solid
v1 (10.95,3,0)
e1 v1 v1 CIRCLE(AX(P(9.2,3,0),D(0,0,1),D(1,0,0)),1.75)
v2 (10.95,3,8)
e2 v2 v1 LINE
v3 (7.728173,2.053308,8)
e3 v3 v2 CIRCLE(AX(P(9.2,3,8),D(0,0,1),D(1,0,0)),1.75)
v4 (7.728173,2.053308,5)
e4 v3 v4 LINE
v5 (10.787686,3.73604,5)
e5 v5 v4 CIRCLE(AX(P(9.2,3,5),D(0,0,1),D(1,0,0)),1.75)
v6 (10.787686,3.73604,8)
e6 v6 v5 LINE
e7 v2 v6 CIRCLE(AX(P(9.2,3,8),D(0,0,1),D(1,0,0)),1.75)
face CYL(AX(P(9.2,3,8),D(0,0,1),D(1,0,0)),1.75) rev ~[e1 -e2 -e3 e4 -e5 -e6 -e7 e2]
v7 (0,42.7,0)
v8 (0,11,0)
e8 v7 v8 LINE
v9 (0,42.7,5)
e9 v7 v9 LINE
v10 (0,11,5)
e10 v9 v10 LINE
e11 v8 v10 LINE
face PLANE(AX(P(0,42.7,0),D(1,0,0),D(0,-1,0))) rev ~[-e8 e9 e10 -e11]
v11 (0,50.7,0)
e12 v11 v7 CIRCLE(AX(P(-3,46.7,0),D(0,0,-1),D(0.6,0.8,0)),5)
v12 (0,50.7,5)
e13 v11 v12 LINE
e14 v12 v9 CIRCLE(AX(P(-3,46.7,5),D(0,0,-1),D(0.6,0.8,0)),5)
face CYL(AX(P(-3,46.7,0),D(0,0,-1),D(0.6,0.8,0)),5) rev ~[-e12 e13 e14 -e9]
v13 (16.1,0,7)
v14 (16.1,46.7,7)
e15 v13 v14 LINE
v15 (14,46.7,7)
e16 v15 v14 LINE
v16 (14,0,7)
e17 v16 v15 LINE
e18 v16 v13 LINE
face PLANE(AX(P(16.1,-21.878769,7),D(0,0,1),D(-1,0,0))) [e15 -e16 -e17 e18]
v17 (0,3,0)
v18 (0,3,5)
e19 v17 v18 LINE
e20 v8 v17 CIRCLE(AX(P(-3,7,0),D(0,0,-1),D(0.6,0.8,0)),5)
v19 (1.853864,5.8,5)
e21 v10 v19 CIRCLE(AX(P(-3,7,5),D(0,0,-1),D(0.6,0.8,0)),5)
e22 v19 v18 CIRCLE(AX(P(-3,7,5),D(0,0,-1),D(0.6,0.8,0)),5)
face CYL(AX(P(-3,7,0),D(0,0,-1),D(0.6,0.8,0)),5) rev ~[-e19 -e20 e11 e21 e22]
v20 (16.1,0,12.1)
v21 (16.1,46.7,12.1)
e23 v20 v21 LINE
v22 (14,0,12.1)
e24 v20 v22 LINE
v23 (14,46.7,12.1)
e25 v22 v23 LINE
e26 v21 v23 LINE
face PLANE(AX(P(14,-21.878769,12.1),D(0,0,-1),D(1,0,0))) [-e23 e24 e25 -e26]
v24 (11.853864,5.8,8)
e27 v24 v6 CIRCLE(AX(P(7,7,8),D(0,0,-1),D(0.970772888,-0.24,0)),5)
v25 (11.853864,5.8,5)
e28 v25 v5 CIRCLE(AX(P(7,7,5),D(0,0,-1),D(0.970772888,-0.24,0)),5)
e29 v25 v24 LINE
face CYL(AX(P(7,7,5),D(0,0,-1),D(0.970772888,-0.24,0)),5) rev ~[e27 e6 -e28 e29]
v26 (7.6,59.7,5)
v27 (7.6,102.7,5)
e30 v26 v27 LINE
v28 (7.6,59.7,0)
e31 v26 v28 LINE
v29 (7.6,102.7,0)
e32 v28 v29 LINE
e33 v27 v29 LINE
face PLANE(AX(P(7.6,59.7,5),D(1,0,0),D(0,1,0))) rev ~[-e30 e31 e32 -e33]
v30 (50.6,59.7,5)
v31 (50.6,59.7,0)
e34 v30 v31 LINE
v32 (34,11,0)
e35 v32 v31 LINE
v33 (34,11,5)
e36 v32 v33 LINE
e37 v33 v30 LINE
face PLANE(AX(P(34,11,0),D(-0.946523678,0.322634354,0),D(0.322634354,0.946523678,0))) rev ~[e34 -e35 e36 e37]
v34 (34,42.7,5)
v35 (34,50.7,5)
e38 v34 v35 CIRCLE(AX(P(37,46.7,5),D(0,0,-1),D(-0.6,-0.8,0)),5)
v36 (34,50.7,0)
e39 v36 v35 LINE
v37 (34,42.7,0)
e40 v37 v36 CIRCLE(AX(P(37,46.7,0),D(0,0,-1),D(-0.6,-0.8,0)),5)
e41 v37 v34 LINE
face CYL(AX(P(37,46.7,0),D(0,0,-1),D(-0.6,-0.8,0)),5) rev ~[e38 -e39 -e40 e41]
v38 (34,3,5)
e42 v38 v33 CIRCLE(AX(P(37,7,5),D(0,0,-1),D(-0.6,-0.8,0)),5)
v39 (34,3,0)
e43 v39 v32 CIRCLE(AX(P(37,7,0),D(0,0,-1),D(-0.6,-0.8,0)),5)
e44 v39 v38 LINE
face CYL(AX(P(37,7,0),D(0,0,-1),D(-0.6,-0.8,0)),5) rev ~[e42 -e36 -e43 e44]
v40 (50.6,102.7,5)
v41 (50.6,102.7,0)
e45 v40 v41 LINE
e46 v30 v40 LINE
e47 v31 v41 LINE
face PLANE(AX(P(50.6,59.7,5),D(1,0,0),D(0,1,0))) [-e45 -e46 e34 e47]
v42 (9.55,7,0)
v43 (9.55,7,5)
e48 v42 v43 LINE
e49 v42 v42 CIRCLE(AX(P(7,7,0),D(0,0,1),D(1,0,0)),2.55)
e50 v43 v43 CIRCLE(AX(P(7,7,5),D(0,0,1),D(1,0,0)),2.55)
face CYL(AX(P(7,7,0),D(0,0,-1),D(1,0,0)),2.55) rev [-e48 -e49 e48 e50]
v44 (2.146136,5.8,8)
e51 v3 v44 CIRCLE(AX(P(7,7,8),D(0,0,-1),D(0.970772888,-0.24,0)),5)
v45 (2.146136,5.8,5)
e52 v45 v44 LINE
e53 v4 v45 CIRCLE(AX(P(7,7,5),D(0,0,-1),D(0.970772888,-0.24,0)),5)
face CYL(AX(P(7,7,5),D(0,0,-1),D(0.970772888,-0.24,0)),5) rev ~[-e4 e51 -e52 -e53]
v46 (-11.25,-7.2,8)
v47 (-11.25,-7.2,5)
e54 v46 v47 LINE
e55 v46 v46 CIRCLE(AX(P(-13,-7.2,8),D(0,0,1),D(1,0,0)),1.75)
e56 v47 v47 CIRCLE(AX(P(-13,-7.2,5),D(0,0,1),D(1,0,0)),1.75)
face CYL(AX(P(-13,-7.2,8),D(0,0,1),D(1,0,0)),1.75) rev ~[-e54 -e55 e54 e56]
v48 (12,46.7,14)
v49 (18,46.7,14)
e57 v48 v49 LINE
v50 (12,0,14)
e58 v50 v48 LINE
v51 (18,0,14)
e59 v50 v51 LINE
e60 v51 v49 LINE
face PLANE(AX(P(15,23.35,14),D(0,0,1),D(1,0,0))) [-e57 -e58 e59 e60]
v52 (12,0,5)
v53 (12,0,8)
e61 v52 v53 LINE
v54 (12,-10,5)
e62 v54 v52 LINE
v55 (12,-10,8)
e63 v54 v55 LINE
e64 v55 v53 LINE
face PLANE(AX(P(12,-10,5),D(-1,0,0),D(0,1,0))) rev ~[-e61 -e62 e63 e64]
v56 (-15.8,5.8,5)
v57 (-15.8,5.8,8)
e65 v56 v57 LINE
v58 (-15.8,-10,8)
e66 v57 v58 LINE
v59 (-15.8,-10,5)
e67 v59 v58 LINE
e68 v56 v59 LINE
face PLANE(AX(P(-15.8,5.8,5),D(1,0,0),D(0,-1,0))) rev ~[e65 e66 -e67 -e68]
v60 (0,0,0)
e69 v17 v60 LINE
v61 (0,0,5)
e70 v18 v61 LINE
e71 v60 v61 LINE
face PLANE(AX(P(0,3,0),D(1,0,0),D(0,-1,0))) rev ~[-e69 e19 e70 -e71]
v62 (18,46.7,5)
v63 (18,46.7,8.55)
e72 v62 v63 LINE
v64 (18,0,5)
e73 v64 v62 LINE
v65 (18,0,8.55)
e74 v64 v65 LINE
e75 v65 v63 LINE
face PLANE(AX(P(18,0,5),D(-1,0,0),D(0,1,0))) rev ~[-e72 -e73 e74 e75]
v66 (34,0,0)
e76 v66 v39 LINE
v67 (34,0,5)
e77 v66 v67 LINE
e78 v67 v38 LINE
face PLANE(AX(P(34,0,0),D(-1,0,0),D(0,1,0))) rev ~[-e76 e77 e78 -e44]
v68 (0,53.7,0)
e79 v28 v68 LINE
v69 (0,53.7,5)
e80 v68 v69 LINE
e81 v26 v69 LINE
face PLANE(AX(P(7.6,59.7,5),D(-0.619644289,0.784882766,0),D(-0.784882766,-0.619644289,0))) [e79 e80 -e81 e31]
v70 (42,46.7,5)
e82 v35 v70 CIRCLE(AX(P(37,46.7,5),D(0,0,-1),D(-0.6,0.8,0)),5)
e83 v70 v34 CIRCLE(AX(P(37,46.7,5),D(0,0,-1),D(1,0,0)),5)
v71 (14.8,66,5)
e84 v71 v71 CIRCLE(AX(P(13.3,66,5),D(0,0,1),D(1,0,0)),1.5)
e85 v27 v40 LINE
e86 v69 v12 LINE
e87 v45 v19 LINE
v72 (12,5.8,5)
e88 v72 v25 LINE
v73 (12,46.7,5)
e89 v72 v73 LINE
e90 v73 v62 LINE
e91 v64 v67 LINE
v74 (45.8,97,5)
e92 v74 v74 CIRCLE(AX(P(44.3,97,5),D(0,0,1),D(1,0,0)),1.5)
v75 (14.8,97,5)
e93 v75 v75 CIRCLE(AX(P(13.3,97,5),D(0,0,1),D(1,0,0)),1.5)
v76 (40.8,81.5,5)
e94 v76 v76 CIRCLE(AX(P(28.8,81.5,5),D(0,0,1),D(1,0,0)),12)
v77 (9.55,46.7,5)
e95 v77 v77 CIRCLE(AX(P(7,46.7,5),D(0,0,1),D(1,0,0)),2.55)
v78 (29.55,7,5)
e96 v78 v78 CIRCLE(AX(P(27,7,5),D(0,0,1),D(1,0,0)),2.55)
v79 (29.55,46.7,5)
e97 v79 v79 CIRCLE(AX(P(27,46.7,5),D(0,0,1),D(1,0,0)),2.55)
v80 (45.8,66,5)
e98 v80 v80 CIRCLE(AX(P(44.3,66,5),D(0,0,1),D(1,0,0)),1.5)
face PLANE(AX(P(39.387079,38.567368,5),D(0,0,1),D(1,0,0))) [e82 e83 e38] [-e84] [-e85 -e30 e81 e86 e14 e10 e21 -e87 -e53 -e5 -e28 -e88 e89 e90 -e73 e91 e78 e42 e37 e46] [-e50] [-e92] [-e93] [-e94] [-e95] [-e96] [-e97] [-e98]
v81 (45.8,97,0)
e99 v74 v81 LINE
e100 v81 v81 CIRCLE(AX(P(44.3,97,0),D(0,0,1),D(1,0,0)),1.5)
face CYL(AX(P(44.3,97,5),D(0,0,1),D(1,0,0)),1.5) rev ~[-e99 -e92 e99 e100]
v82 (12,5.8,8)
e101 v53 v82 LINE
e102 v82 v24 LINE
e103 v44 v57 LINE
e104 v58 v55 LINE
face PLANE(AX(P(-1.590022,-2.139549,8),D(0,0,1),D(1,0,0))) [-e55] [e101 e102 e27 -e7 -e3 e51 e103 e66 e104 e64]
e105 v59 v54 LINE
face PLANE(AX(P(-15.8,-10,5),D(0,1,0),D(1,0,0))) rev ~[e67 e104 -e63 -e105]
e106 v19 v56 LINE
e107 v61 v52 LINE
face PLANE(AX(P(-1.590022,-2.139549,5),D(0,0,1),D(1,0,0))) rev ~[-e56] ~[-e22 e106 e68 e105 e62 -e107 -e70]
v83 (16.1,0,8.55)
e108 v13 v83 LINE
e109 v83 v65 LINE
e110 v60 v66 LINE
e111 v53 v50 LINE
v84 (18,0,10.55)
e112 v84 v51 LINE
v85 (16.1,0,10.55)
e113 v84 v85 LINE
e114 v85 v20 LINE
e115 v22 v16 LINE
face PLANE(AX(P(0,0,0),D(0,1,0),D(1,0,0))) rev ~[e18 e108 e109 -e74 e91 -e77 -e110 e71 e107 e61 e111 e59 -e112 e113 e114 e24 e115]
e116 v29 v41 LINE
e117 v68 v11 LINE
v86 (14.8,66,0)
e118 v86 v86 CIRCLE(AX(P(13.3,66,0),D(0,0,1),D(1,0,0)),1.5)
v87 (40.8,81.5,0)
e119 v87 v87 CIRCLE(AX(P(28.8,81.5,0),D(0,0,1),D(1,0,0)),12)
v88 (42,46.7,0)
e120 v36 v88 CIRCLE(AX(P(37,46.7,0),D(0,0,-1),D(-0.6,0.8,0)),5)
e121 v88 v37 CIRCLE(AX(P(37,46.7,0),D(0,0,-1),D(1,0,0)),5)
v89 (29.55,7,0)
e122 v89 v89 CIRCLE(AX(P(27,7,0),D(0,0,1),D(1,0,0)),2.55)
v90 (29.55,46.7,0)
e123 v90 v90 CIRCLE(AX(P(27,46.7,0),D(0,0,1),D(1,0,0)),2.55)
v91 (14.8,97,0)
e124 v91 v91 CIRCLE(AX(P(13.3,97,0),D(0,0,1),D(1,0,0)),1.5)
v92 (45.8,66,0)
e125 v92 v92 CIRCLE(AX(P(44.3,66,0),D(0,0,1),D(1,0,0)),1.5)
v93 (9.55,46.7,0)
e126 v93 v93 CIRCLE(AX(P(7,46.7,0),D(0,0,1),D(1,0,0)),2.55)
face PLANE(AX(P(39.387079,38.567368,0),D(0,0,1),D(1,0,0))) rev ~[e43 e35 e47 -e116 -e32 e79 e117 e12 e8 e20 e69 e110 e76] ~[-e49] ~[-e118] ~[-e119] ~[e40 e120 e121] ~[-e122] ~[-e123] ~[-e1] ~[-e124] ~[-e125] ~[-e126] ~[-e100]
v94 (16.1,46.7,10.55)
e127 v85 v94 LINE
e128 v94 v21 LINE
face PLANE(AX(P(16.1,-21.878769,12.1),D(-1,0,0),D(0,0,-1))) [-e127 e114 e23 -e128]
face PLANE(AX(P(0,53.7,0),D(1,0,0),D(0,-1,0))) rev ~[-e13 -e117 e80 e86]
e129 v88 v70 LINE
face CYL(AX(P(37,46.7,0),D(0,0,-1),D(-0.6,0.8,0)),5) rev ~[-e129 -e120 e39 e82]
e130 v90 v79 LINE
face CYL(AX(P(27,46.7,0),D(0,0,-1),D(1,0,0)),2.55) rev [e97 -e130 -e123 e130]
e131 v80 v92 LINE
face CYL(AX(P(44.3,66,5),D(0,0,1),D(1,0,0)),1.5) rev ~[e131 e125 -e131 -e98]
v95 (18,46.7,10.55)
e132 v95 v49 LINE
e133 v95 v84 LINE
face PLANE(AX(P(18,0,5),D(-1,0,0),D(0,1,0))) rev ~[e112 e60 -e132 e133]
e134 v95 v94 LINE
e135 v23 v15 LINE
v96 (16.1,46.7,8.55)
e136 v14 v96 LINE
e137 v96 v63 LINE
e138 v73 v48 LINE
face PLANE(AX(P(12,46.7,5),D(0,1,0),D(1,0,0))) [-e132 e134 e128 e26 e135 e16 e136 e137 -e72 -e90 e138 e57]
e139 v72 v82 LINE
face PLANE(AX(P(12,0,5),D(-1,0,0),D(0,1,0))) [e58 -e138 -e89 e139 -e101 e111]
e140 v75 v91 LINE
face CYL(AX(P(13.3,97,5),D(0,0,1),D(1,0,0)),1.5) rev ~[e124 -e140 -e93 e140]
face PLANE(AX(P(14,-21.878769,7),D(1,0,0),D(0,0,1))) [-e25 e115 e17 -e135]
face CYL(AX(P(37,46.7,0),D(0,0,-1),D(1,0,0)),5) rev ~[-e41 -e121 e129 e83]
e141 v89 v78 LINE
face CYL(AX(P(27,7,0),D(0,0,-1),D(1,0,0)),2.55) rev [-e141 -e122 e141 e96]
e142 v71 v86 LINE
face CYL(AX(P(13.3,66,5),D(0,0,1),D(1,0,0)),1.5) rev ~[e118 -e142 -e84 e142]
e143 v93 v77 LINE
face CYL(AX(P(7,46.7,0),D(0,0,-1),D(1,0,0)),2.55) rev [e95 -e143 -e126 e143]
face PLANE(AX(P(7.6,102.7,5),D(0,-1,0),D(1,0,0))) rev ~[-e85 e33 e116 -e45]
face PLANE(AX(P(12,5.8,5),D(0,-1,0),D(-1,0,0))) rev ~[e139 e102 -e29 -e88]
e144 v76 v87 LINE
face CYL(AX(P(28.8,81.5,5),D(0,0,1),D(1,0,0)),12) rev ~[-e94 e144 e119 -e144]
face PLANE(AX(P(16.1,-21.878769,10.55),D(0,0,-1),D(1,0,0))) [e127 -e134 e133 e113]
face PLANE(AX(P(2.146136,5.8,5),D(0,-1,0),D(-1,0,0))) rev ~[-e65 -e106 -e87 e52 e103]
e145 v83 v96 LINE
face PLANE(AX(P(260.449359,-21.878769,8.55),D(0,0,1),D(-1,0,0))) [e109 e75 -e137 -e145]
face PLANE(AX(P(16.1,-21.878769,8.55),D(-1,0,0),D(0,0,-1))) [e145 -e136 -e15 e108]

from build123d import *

# Parameters (mm, degrees)
SKETCH1_R               = 2.55
BOSS_EXTRUDE1_DEPTH     = 5
SKETCH2_W               = 6
SKETCH2_H               = 46.7
BOSS_EXTRUDE2_DEPTH     = 9
BOSS_EXTRUDE3_DEPTH     = 3
SKETCH4_R               = 1.75
CUT_EXTRUDE1_DEPTH      = 65.060049953
CUT_EXTRUDE2_DEPTH      = 68.578768855
CUT_EXTRUDE2_DEPTH_BACK = 68.578768855
SKETCH6_W               = 43
SKETCH6_H               = 43
BOSS_EXTRUDE4_DEPTH     = 5
SKETCH8_R               = 1.5
SKETCH8_R_2             = 12
CUT_EXTRUDE3_DEPTH      = 115.841847773
BOSS_EXTRUDE5_START     = -5
BOSS_EXTRUDE5_DEPTH     = 5


with BuildPart() as part:
    # Sketch1 → Boss-Extrude1 (new body)
    with BuildSketch(Plane.XY):
        with BuildLine():
            Line((0, 0), (34, 0))
            Line((34, 0), (34, 3))
            ThreePointArc((34, 3), (32, 7), (34, 11))
            Line((34, 11), (34, 42.7))
            ThreePointArc((34, 42.7), (32, 46.7), (34, 50.7))
            Line((34, 50.7), (34, 53.7))
            Line((34, 53.7), (0, 53.7))
            Line((0, 53.7), (0, 50.7))
            ThreePointArc((0, 50.7), (2, 46.7), (0, 42.7))
            Line((0, 42.7), (0, 11))
            ThreePointArc((0, 11), (2, 7), (0, 3))
            Line((0, 3), (0, 0))
        make_face()
        with Locations((7, 46.7)):
            Circle(SKETCH1_R, mode=Mode.SUBTRACT)
        with Locations((27, 46.7)):
            Circle(SKETCH1_R, mode=Mode.SUBTRACT)
        with Locations((7, 7)):
            Circle(SKETCH1_R, mode=Mode.SUBTRACT)
        with Locations((27, 7)):
            Circle(SKETCH1_R, mode=Mode.SUBTRACT)
    extrude(amount=BOSS_EXTRUDE1_DEPTH)

    # Sketch2 → Boss-Extrude2 (add)
    with BuildSketch(Plane.XY.offset(5)):
        with Locations((15, 23.35)):
            Rectangle(SKETCH2_W, SKETCH2_H)
    extrude(amount=BOSS_EXTRUDE2_DEPTH)

    # Sketch3 → Boss-Extrude3 (add)
    with BuildSketch(Plane.XY.offset(5)):
        with BuildLine():
            Line((12, -10), (12, 5.8))
            Line((12, 5.8), (11.85386444, 5.8))
            ThreePointArc((11.85386444, 5.8), (7, 2), (2.14613556, 5.8))
            Line((2.14613556, 5.8), (-15.8, 5.8))
            Line((-15.8, 5.8), (-15.8, -10))
            Line((-15.8, -10), (12, -10))
        make_face()
    extrude(amount=BOSS_EXTRUDE3_DEPTH)

    # Sketch4 → Cut-Extrude1 (cut, through all)
    with BuildSketch(Plane.XY.offset(8)):
        with Locations((9.2, 3)):
            Circle(SKETCH4_R)
        with Locations((-13, -7.2)):
            Circle(SKETCH4_R)
    extrude(amount=-CUT_EXTRUDE1_DEPTH, mode=Mode.SUBTRACT)

    # Sketch5 → Cut-Extrude2 (cut, two sides: drawn at the far end of the back side and taken through both)
    with BuildSketch(Plane(origin=(0, 46.7, 0), x_dir=(1, 0, 0), z_dir=(0, 1, 0)).offset(-CUT_EXTRUDE2_DEPTH_BACK)):
        Polygon((98.816452891, -8.55), (18, -8.55), (16.1, -8.55), (16.1, -7), (14, -7), (14, -12.1), (16.1, -12.1), (16.1, -10.55), (18, -10.55), (98.816452891, -10.55), (260.449358672, -10.55), (260.449358672, -8.55), align=None)
    extrude(amount=CUT_EXTRUDE2_DEPTH + CUT_EXTRUDE2_DEPTH_BACK, mode=Mode.SUBTRACT)

    # Sketch6 → Boss-Extrude4 (add, through all)
    with BuildSketch(Plane.XY.offset(5)):
        with Locations((29.1, 81.2)):
            Rectangle(SKETCH6_W, SKETCH6_H)
        Polygon((34, 53.7), (50.6, 59.7), (7.6, 59.7), (0, 53.7), align=None)
    extrude(amount=-BOSS_EXTRUDE4_DEPTH)

    # Sketch8 → Cut-Extrude3 (cut, through all)
    with BuildSketch(Plane.XY.offset(5)):
        with Locations((13.3, 97)):
            Circle(SKETCH8_R)
        with Locations((44.3, 97)):
            Circle(SKETCH8_R)
        with Locations((13.3, 66)):
            Circle(SKETCH8_R)
        with Locations((44.3, 66)):
            Circle(SKETCH8_R)
        with Locations((28.8, 81.5)):
            Circle(SKETCH8_R_2)
    extrude(amount=-CUT_EXTRUDE3_DEPTH, mode=Mode.SUBTRACT)

    # Sketch9 → Boss-Extrude5 (add)
    with BuildSketch(Plane.XY.offset(5).offset(BOSS_EXTRUDE5_START)):
        with BuildLine():
            Line((34, 11), (50.6, 59.7))
            Line((50.6, 59.7), (34, 53.7))
            Line((34, 53.7), (34, 50.7))
            ThreePointArc((34, 50.7), (39.236067977, 51.172135955), (42, 46.7))
            ThreePointArc((42, 46.7), (39.236067977, 42.227864045), (34, 42.7))
            Line((34, 42.7), (34, 11))
        make_face()
    extrude(amount=BOSS_EXTRUDE5_DEPTH)


solid = part.part
